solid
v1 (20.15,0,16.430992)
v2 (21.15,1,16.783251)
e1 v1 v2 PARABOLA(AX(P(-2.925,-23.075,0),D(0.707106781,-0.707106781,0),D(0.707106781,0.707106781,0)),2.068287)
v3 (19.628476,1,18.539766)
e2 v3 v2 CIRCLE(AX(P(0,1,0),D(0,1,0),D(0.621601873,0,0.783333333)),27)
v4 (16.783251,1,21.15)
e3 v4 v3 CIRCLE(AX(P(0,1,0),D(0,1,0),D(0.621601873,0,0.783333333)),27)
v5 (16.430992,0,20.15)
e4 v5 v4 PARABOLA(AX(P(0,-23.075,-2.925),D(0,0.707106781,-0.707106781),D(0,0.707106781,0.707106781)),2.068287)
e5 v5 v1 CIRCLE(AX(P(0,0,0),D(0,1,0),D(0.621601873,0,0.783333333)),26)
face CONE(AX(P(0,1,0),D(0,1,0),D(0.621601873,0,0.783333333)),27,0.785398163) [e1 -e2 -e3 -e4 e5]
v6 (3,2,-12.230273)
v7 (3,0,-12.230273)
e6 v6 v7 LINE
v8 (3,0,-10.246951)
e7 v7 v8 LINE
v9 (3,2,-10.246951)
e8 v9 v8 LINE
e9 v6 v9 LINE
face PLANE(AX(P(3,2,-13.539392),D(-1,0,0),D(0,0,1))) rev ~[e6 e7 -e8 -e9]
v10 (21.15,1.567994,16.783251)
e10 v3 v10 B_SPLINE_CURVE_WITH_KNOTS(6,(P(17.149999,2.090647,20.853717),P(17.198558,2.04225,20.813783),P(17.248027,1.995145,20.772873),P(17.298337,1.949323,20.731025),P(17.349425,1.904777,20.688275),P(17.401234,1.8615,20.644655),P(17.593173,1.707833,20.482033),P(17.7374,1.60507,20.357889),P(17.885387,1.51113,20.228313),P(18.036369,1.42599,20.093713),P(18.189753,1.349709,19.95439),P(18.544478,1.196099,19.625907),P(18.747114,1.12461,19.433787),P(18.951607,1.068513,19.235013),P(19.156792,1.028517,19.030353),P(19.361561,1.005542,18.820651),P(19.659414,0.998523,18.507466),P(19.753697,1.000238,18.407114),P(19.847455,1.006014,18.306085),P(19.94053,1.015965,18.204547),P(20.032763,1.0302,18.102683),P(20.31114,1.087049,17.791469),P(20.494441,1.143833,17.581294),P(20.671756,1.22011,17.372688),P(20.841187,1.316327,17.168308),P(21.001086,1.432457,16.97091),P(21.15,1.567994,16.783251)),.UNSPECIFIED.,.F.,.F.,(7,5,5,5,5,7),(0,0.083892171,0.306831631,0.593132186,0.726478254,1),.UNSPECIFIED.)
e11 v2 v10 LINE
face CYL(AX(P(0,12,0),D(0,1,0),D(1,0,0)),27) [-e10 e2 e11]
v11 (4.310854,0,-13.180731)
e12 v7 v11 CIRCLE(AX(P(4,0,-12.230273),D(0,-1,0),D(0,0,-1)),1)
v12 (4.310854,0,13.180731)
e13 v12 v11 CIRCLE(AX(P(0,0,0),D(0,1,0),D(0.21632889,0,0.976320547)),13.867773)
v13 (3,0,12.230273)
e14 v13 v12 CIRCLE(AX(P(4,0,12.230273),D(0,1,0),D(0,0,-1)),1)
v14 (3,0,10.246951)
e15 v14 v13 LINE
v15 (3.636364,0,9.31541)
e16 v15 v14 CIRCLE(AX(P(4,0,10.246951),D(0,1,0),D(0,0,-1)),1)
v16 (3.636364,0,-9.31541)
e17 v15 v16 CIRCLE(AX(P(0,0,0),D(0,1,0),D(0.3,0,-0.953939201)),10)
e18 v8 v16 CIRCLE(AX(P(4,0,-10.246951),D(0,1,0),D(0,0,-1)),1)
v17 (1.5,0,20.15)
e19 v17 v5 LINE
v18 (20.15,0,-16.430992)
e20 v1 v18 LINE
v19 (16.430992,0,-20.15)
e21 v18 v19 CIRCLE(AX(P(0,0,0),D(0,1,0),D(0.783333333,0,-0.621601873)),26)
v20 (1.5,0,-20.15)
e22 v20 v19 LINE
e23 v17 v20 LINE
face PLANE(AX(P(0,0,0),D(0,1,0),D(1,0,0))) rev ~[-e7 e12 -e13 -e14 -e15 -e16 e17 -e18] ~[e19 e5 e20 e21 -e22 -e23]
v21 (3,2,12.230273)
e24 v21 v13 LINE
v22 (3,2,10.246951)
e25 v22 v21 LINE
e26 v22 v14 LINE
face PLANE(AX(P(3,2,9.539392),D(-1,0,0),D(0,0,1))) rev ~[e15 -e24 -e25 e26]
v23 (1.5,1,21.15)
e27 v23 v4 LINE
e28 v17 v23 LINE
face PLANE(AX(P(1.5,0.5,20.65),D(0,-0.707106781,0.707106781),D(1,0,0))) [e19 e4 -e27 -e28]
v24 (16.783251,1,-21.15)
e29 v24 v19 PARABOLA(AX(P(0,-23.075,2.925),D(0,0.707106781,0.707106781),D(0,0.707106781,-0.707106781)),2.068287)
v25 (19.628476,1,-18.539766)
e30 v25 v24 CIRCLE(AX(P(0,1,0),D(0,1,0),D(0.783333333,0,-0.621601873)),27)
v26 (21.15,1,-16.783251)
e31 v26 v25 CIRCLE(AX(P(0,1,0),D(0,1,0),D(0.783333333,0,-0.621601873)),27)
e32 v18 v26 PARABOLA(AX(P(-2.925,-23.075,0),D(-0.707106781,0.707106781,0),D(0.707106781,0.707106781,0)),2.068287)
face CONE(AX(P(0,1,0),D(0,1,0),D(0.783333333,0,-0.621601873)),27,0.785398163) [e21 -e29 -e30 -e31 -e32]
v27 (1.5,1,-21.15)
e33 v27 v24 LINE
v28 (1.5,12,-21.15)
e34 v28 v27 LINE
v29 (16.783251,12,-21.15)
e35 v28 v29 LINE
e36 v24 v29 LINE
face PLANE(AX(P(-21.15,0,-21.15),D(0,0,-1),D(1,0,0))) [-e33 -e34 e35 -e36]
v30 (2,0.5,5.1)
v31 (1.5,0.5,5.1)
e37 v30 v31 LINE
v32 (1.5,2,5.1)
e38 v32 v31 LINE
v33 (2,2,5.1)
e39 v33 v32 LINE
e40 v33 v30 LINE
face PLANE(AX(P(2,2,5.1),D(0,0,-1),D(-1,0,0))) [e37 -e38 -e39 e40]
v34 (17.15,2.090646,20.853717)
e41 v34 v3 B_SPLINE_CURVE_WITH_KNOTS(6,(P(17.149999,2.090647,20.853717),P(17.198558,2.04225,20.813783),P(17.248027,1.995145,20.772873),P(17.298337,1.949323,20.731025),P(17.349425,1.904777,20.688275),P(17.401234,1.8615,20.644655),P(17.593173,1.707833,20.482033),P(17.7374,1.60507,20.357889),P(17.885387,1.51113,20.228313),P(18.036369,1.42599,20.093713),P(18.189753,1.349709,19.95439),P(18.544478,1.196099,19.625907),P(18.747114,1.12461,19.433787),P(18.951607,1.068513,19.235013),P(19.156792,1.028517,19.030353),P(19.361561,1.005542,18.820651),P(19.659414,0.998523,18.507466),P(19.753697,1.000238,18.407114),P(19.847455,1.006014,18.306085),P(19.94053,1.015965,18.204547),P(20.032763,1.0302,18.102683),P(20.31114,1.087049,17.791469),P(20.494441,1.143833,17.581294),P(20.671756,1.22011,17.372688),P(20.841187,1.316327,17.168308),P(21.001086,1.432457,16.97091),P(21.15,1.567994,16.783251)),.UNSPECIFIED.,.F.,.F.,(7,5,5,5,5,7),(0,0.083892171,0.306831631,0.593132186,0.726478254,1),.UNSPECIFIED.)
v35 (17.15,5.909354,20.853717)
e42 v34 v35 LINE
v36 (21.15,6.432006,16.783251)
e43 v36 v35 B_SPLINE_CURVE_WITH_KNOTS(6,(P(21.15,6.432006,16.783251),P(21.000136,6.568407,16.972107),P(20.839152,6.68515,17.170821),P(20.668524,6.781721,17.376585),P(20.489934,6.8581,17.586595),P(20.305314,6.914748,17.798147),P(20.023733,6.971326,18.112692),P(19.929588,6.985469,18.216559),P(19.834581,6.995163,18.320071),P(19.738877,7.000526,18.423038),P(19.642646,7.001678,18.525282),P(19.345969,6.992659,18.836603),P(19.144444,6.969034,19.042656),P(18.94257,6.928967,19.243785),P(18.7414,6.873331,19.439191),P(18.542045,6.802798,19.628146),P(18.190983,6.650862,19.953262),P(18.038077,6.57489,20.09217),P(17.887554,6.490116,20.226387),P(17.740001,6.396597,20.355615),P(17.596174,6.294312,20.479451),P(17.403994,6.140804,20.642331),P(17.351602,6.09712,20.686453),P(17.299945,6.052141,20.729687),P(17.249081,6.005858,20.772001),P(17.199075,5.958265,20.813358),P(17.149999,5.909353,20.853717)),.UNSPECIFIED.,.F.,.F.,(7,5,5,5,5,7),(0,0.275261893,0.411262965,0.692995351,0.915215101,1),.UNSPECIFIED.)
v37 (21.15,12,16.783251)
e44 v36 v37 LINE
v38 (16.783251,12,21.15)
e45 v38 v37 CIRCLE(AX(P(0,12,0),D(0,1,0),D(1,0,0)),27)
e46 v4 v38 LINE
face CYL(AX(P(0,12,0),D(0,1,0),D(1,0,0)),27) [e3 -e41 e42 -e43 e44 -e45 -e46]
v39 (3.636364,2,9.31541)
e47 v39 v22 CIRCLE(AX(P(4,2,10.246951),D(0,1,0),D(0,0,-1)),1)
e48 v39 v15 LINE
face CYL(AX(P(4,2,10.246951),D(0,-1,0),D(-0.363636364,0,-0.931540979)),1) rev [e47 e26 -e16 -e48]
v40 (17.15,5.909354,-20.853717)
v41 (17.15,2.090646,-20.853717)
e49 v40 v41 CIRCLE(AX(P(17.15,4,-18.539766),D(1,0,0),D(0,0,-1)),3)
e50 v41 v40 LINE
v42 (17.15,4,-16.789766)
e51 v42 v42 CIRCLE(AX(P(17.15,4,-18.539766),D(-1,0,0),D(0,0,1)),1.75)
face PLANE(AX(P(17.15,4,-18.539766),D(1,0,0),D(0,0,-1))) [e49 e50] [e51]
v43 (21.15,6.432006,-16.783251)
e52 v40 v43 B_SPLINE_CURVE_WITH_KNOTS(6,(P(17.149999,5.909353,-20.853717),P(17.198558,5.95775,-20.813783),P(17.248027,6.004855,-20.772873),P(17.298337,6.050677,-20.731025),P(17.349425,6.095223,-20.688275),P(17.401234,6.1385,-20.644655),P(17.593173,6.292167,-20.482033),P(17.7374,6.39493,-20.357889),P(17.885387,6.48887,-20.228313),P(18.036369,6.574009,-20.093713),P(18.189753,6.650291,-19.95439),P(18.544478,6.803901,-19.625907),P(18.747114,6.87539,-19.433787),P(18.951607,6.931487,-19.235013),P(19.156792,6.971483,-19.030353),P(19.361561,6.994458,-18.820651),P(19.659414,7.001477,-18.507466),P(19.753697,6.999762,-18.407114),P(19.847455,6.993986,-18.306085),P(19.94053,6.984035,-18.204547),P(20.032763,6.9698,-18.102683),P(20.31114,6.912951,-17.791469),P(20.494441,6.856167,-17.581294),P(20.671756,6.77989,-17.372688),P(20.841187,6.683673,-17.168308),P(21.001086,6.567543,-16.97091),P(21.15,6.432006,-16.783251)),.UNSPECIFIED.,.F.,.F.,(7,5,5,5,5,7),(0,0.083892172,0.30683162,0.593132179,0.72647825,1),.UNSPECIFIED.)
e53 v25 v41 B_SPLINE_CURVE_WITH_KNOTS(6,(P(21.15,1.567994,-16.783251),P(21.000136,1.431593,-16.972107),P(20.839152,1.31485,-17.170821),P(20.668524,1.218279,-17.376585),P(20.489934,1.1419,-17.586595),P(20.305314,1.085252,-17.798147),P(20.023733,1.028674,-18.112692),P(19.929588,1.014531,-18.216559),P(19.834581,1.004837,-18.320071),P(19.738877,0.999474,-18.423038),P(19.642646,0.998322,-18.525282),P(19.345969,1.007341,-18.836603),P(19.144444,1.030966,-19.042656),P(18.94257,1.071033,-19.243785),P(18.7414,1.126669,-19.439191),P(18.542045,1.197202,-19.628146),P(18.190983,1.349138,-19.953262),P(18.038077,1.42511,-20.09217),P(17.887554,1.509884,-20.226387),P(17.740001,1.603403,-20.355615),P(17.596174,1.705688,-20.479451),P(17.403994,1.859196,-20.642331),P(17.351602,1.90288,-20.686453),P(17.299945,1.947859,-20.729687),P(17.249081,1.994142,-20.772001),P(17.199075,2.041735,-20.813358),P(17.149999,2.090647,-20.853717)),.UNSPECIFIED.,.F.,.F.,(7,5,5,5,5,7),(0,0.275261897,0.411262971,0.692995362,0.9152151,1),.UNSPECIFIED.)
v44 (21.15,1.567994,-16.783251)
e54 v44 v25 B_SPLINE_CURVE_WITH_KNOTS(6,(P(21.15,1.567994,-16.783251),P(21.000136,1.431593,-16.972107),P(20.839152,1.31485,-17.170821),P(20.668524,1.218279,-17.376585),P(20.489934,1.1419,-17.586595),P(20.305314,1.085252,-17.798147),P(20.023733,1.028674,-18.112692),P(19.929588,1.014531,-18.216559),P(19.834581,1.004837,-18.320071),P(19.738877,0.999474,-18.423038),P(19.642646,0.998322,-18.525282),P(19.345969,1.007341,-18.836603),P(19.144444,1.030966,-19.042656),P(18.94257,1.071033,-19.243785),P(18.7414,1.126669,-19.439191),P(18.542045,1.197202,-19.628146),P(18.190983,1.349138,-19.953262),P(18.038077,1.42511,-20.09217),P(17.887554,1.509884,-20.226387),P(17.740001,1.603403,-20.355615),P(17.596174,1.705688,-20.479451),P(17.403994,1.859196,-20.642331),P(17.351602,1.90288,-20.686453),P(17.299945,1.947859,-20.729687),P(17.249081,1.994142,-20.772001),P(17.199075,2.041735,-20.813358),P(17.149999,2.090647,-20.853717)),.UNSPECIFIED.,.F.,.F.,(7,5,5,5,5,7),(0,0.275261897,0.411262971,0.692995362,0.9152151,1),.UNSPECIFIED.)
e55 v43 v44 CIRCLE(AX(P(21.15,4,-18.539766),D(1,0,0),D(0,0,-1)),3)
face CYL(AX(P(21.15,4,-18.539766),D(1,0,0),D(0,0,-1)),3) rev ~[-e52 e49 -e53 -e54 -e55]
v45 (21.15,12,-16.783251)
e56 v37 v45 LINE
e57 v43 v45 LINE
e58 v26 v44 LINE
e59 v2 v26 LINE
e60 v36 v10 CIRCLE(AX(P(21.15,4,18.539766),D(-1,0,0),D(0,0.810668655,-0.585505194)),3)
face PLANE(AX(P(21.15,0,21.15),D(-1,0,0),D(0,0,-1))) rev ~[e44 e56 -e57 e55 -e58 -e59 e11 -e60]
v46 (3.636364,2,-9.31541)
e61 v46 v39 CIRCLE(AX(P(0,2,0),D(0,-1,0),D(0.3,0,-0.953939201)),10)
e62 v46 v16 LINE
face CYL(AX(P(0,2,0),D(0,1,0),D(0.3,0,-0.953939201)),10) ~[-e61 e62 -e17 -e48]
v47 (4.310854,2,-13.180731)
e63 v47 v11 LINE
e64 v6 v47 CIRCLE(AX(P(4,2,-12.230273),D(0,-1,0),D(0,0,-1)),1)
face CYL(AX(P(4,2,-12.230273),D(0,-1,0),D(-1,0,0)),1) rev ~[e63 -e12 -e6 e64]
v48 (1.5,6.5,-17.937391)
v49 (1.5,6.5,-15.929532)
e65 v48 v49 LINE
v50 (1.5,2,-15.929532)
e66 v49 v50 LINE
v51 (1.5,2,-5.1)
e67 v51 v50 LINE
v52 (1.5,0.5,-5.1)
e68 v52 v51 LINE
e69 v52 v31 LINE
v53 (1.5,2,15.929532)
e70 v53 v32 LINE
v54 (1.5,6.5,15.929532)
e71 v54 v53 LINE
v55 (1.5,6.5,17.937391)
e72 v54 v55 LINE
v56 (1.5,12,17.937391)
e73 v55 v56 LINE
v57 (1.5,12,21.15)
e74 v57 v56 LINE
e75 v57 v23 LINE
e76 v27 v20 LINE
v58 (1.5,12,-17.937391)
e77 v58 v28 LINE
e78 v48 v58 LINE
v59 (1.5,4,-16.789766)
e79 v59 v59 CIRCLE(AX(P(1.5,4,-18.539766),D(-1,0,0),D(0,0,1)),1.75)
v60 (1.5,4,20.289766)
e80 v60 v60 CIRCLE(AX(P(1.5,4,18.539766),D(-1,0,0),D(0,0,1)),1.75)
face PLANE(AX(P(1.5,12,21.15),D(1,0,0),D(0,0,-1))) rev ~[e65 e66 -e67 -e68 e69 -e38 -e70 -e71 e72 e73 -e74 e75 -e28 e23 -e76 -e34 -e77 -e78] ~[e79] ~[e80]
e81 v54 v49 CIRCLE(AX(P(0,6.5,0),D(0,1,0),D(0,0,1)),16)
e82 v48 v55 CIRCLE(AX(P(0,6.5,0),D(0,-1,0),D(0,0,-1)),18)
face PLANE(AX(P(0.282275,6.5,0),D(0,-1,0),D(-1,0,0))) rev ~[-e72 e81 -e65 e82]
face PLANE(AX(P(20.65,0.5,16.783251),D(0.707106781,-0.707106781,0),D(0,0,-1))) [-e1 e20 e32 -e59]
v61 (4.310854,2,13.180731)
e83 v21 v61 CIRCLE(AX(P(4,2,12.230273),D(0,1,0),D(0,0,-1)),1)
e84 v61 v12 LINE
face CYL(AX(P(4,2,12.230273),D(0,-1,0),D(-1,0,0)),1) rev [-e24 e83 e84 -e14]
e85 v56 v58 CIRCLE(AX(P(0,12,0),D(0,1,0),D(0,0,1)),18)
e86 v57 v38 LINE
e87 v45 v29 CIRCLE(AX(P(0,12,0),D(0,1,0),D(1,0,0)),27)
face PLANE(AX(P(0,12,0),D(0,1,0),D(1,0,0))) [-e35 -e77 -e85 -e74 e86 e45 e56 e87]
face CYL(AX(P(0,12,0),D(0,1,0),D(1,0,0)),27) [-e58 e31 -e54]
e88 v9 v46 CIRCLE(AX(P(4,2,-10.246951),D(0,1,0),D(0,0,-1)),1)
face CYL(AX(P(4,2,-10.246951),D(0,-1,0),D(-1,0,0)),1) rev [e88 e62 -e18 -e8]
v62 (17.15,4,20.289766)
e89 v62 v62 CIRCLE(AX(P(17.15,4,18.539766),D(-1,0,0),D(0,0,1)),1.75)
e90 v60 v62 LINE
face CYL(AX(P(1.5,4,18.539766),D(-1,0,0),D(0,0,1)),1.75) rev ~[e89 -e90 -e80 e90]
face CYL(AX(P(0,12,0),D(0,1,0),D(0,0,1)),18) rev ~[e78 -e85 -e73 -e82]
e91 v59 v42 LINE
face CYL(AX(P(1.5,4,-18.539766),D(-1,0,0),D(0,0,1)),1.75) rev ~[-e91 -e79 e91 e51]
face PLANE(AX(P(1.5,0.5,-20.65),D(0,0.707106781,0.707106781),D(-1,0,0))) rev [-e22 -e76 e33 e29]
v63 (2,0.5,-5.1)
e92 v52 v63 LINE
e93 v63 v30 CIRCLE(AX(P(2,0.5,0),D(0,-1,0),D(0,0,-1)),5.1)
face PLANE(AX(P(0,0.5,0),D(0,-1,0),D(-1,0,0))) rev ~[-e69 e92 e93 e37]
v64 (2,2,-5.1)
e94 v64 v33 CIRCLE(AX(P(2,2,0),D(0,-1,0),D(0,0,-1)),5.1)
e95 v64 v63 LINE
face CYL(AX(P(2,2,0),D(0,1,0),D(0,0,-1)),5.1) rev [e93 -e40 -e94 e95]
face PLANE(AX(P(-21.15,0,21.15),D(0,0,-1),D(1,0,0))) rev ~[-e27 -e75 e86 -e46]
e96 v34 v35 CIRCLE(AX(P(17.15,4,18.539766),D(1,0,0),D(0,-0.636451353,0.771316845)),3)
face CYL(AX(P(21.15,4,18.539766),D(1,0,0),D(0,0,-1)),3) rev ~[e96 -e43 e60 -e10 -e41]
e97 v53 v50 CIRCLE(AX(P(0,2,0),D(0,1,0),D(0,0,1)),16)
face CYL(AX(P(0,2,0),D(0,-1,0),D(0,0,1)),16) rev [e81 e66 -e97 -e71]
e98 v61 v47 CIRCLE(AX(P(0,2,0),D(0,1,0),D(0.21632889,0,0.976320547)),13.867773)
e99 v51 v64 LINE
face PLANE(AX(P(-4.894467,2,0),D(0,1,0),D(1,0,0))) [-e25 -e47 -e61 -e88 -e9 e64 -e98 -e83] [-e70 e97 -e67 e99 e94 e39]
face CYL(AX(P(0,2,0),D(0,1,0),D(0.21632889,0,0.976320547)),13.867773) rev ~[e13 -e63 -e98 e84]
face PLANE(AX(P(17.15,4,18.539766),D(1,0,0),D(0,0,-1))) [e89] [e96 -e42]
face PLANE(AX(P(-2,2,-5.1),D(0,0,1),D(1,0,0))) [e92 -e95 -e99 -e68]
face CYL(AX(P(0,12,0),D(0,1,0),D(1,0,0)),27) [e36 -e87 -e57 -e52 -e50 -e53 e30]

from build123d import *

# Parameters (mm, degrees)
SKETCH2_W                = 42.3
SKETCH2_H                = 42.3
BOSS_EXTRUDE1_DEPTH      = 12
SKETCH5_R                = 29.910616844
SKETCH5_R_2              = 27
CUT_EXTRUDE4_DEPTH       = 13
CUT_EXTRUDE5_DEPTH       = 10
CUT_EXTRUDE6_DEPTH       = 1.5
BOSS_EXTRUDE2_DEPTH      = 4.5
SKETCH13_W               = 22.65
SKETCH13_H               = 42.3
CUT_EXTRUDE9_DEPTH       = 13
CHAMFER4_SIZE            = 1
CUT_EXTRUDE8_DEPTH       = 3
FILLET12_R               = 1
SKETCH14_R               = 1.75
CUT_EXTRUDE10_DEPTH      = 1
CUT_EXTRUDE10_DEPTH_BACK = 20.65
SKETCH15_R               = 3
CUT_EXTRUDE11_DEPTH      = 4


with BuildPart() as part:
    # Sketch2 → Boss-Extrude1 (new body)
    with BuildSketch(Plane(origin=(0, 0, 0), x_dir=(1, 0, 0), z_dir=(0, 1, 0))):
        Rectangle(SKETCH2_W, SKETCH2_H)
    extrude(amount=BOSS_EXTRUDE1_DEPTH)

    # Sketch5 → Cut-Extrude4 (cut, through all)
    with BuildSketch(Plane(origin=(0, 12, 0), x_dir=(1, 0, 0), z_dir=(0, 1, 0))):
        Circle(SKETCH5_R)
        Circle(SKETCH5_R_2, mode=Mode.SUBTRACT)
    extrude(amount=-CUT_EXTRUDE4_DEPTH, mode=Mode.SUBTRACT)

    # Sketch6 → Cut-Extrude5 (cut)
    with BuildSketch(Plane(origin=(0, 12, 0), x_dir=(1, 0, 0), z_dir=(0, 1, 0))):
        with BuildLine():
            Line((0, 18), (-21.15, 18))
            Line((-21.15, 18), (-21.15, -18))
            Line((-21.15, -18), (0, -18))
            ThreePointArc((0, -18), (18, 0), (0, 18))
        make_face()
    extrude(amount=-CUT_EXTRUDE5_DEPTH, mode=Mode.SUBTRACT)

    # Sketch7 → Cut-Extrude6 (cut)
    with BuildSketch(Plane(origin=(0, 2, 0), x_dir=(1, 0, 0), z_dir=(0, 1, 0))):
        with BuildLine():
            Line((-2, 5.1), (2, 5.1))
            ThreePointArc((2, 5.1), (7.1, 0), (2, -5.1))
            Line((2, -5.1), (-2, -5.1))
            ThreePointArc((-2, -5.1), (-7.1, 0), (-2, 5.1))
        make_face()
    extrude(amount=-CUT_EXTRUDE6_DEPTH, mode=Mode.SUBTRACT)

    # Sketch8 → Boss-Extrude2 (add)
    with BuildSketch(Plane(origin=(0, 2, 0), x_dir=(1, 0, 0), z_dir=(0, 1, 0))):
        with BuildLine():
            Line((0, 16), (-21.15, 16))
            Line((-21.15, 16), (-21.15, 16.783250579))
            ThreePointArc((-21.15, 16.783250579), (-20.646271202, 17.399180597), (-20.124611797, 18))
            Line((-20.124611797, 18), (0, 18))
            ThreePointArc((0, 18), (18, 0), (0, -18))
            Line((0, -18), (-20.124611797, -18))
            ThreePointArc((-20.124611797, -18), (-20.646271202, -17.399180597), (-21.15, -16.783250579))
            Line((-21.15, -16.783250579), (-21.15, -16))
            Line((-21.15, -16), (0, -16))
            ThreePointArc((0, -16), (16, 0), (0, 16))
        make_face()
    extrude(amount=BOSS_EXTRUDE2_DEPTH)

    # Sketch13 → Cut-Extrude9 (cut, through all)
    with BuildSketch(Plane(origin=(0, 12, 0), x_dir=(1, 0, 0), z_dir=(0, 1, 0))):
        with Locations((-9.825, 0)):
            Rectangle(SKETCH13_W, SKETCH13_H)
    extrude(amount=-CUT_EXTRUDE9_DEPTH, mode=Mode.SUBTRACT)

    # Chamfer4
    chamfer4_edges = [part.edges().sort_by_distance(p)[0] for p in [
        (9.14162529, 0, 21.15),
        (21.15, 0, 0),
        (9.14162529, 0, -21.15),
        (19.091883092, 0, -19.091883092),
        (19.091883092, 0, 19.091883092),
    ]]
    chamfer(chamfer4_edges, length=CHAMFER4_SIZE)

    # Sketch11 → Cut-Extrude8 (cut, through all)
    with BuildSketch(Plane(origin=(0, 2, 0), x_dir=(1, 0, 0), z_dir=(0, 1, 0))):
        with BuildLine():
            Line((3, 13.539392014), (3, 9.539392014))
            ThreePointArc((3, 9.539392014), (10, 0), (3, -9.539392014))
            Line((3, -9.539392014), (3, -13.539392014))
            ThreePointArc((3, -13.539392014), (13.867773293, 0), (3, 13.539392014))
        make_face()
    extrude(amount=-CUT_EXTRUDE8_DEPTH, mode=Mode.SUBTRACT)

    # Fillet12
    fillet12_edges = [part.edges().sort_by_distance(p)[0] for p in [
        (3, 1, -13.539392014),
        (3, 1, 13.539392014),
        (3, 1, 9.539392014),
        (3, 1, -9.539392014),
    ]]
    fillet(fillet12_edges, radius=FILLET12_R)

    # Sketch14 → Cut-Extrude10 (cut, two sides)
    with BuildSketch(Plane.ZY.offset(-1.5)) as cut_extrude10_sk:
        with Locations((-18.539766161, 4)):
            Circle(SKETCH14_R)
        with Locations((18.539766161, 4)):
            Circle(SKETCH14_R)
    extrude(amount=CUT_EXTRUDE10_DEPTH, mode=Mode.SUBTRACT)
    extrude(cut_extrude10_sk.sketch, amount=-CUT_EXTRUDE10_DEPTH_BACK, mode=Mode.SUBTRACT)

    # Sketch15 → Cut-Extrude11 (cut)
    with BuildSketch(Plane(origin=(21.15, 0, 0), x_dir=(0, 0, -1), z_dir=(1, 0, 0))):
        with Locations((-18.539766161, 4)):
            Circle(SKETCH15_R)
        with Locations((18.539766161, 4)):
            Circle(SKETCH15_R)
    extrude(amount=-CUT_EXTRUDE11_DEPTH, mode=Mode.SUBTRACT)


solid = part.part
